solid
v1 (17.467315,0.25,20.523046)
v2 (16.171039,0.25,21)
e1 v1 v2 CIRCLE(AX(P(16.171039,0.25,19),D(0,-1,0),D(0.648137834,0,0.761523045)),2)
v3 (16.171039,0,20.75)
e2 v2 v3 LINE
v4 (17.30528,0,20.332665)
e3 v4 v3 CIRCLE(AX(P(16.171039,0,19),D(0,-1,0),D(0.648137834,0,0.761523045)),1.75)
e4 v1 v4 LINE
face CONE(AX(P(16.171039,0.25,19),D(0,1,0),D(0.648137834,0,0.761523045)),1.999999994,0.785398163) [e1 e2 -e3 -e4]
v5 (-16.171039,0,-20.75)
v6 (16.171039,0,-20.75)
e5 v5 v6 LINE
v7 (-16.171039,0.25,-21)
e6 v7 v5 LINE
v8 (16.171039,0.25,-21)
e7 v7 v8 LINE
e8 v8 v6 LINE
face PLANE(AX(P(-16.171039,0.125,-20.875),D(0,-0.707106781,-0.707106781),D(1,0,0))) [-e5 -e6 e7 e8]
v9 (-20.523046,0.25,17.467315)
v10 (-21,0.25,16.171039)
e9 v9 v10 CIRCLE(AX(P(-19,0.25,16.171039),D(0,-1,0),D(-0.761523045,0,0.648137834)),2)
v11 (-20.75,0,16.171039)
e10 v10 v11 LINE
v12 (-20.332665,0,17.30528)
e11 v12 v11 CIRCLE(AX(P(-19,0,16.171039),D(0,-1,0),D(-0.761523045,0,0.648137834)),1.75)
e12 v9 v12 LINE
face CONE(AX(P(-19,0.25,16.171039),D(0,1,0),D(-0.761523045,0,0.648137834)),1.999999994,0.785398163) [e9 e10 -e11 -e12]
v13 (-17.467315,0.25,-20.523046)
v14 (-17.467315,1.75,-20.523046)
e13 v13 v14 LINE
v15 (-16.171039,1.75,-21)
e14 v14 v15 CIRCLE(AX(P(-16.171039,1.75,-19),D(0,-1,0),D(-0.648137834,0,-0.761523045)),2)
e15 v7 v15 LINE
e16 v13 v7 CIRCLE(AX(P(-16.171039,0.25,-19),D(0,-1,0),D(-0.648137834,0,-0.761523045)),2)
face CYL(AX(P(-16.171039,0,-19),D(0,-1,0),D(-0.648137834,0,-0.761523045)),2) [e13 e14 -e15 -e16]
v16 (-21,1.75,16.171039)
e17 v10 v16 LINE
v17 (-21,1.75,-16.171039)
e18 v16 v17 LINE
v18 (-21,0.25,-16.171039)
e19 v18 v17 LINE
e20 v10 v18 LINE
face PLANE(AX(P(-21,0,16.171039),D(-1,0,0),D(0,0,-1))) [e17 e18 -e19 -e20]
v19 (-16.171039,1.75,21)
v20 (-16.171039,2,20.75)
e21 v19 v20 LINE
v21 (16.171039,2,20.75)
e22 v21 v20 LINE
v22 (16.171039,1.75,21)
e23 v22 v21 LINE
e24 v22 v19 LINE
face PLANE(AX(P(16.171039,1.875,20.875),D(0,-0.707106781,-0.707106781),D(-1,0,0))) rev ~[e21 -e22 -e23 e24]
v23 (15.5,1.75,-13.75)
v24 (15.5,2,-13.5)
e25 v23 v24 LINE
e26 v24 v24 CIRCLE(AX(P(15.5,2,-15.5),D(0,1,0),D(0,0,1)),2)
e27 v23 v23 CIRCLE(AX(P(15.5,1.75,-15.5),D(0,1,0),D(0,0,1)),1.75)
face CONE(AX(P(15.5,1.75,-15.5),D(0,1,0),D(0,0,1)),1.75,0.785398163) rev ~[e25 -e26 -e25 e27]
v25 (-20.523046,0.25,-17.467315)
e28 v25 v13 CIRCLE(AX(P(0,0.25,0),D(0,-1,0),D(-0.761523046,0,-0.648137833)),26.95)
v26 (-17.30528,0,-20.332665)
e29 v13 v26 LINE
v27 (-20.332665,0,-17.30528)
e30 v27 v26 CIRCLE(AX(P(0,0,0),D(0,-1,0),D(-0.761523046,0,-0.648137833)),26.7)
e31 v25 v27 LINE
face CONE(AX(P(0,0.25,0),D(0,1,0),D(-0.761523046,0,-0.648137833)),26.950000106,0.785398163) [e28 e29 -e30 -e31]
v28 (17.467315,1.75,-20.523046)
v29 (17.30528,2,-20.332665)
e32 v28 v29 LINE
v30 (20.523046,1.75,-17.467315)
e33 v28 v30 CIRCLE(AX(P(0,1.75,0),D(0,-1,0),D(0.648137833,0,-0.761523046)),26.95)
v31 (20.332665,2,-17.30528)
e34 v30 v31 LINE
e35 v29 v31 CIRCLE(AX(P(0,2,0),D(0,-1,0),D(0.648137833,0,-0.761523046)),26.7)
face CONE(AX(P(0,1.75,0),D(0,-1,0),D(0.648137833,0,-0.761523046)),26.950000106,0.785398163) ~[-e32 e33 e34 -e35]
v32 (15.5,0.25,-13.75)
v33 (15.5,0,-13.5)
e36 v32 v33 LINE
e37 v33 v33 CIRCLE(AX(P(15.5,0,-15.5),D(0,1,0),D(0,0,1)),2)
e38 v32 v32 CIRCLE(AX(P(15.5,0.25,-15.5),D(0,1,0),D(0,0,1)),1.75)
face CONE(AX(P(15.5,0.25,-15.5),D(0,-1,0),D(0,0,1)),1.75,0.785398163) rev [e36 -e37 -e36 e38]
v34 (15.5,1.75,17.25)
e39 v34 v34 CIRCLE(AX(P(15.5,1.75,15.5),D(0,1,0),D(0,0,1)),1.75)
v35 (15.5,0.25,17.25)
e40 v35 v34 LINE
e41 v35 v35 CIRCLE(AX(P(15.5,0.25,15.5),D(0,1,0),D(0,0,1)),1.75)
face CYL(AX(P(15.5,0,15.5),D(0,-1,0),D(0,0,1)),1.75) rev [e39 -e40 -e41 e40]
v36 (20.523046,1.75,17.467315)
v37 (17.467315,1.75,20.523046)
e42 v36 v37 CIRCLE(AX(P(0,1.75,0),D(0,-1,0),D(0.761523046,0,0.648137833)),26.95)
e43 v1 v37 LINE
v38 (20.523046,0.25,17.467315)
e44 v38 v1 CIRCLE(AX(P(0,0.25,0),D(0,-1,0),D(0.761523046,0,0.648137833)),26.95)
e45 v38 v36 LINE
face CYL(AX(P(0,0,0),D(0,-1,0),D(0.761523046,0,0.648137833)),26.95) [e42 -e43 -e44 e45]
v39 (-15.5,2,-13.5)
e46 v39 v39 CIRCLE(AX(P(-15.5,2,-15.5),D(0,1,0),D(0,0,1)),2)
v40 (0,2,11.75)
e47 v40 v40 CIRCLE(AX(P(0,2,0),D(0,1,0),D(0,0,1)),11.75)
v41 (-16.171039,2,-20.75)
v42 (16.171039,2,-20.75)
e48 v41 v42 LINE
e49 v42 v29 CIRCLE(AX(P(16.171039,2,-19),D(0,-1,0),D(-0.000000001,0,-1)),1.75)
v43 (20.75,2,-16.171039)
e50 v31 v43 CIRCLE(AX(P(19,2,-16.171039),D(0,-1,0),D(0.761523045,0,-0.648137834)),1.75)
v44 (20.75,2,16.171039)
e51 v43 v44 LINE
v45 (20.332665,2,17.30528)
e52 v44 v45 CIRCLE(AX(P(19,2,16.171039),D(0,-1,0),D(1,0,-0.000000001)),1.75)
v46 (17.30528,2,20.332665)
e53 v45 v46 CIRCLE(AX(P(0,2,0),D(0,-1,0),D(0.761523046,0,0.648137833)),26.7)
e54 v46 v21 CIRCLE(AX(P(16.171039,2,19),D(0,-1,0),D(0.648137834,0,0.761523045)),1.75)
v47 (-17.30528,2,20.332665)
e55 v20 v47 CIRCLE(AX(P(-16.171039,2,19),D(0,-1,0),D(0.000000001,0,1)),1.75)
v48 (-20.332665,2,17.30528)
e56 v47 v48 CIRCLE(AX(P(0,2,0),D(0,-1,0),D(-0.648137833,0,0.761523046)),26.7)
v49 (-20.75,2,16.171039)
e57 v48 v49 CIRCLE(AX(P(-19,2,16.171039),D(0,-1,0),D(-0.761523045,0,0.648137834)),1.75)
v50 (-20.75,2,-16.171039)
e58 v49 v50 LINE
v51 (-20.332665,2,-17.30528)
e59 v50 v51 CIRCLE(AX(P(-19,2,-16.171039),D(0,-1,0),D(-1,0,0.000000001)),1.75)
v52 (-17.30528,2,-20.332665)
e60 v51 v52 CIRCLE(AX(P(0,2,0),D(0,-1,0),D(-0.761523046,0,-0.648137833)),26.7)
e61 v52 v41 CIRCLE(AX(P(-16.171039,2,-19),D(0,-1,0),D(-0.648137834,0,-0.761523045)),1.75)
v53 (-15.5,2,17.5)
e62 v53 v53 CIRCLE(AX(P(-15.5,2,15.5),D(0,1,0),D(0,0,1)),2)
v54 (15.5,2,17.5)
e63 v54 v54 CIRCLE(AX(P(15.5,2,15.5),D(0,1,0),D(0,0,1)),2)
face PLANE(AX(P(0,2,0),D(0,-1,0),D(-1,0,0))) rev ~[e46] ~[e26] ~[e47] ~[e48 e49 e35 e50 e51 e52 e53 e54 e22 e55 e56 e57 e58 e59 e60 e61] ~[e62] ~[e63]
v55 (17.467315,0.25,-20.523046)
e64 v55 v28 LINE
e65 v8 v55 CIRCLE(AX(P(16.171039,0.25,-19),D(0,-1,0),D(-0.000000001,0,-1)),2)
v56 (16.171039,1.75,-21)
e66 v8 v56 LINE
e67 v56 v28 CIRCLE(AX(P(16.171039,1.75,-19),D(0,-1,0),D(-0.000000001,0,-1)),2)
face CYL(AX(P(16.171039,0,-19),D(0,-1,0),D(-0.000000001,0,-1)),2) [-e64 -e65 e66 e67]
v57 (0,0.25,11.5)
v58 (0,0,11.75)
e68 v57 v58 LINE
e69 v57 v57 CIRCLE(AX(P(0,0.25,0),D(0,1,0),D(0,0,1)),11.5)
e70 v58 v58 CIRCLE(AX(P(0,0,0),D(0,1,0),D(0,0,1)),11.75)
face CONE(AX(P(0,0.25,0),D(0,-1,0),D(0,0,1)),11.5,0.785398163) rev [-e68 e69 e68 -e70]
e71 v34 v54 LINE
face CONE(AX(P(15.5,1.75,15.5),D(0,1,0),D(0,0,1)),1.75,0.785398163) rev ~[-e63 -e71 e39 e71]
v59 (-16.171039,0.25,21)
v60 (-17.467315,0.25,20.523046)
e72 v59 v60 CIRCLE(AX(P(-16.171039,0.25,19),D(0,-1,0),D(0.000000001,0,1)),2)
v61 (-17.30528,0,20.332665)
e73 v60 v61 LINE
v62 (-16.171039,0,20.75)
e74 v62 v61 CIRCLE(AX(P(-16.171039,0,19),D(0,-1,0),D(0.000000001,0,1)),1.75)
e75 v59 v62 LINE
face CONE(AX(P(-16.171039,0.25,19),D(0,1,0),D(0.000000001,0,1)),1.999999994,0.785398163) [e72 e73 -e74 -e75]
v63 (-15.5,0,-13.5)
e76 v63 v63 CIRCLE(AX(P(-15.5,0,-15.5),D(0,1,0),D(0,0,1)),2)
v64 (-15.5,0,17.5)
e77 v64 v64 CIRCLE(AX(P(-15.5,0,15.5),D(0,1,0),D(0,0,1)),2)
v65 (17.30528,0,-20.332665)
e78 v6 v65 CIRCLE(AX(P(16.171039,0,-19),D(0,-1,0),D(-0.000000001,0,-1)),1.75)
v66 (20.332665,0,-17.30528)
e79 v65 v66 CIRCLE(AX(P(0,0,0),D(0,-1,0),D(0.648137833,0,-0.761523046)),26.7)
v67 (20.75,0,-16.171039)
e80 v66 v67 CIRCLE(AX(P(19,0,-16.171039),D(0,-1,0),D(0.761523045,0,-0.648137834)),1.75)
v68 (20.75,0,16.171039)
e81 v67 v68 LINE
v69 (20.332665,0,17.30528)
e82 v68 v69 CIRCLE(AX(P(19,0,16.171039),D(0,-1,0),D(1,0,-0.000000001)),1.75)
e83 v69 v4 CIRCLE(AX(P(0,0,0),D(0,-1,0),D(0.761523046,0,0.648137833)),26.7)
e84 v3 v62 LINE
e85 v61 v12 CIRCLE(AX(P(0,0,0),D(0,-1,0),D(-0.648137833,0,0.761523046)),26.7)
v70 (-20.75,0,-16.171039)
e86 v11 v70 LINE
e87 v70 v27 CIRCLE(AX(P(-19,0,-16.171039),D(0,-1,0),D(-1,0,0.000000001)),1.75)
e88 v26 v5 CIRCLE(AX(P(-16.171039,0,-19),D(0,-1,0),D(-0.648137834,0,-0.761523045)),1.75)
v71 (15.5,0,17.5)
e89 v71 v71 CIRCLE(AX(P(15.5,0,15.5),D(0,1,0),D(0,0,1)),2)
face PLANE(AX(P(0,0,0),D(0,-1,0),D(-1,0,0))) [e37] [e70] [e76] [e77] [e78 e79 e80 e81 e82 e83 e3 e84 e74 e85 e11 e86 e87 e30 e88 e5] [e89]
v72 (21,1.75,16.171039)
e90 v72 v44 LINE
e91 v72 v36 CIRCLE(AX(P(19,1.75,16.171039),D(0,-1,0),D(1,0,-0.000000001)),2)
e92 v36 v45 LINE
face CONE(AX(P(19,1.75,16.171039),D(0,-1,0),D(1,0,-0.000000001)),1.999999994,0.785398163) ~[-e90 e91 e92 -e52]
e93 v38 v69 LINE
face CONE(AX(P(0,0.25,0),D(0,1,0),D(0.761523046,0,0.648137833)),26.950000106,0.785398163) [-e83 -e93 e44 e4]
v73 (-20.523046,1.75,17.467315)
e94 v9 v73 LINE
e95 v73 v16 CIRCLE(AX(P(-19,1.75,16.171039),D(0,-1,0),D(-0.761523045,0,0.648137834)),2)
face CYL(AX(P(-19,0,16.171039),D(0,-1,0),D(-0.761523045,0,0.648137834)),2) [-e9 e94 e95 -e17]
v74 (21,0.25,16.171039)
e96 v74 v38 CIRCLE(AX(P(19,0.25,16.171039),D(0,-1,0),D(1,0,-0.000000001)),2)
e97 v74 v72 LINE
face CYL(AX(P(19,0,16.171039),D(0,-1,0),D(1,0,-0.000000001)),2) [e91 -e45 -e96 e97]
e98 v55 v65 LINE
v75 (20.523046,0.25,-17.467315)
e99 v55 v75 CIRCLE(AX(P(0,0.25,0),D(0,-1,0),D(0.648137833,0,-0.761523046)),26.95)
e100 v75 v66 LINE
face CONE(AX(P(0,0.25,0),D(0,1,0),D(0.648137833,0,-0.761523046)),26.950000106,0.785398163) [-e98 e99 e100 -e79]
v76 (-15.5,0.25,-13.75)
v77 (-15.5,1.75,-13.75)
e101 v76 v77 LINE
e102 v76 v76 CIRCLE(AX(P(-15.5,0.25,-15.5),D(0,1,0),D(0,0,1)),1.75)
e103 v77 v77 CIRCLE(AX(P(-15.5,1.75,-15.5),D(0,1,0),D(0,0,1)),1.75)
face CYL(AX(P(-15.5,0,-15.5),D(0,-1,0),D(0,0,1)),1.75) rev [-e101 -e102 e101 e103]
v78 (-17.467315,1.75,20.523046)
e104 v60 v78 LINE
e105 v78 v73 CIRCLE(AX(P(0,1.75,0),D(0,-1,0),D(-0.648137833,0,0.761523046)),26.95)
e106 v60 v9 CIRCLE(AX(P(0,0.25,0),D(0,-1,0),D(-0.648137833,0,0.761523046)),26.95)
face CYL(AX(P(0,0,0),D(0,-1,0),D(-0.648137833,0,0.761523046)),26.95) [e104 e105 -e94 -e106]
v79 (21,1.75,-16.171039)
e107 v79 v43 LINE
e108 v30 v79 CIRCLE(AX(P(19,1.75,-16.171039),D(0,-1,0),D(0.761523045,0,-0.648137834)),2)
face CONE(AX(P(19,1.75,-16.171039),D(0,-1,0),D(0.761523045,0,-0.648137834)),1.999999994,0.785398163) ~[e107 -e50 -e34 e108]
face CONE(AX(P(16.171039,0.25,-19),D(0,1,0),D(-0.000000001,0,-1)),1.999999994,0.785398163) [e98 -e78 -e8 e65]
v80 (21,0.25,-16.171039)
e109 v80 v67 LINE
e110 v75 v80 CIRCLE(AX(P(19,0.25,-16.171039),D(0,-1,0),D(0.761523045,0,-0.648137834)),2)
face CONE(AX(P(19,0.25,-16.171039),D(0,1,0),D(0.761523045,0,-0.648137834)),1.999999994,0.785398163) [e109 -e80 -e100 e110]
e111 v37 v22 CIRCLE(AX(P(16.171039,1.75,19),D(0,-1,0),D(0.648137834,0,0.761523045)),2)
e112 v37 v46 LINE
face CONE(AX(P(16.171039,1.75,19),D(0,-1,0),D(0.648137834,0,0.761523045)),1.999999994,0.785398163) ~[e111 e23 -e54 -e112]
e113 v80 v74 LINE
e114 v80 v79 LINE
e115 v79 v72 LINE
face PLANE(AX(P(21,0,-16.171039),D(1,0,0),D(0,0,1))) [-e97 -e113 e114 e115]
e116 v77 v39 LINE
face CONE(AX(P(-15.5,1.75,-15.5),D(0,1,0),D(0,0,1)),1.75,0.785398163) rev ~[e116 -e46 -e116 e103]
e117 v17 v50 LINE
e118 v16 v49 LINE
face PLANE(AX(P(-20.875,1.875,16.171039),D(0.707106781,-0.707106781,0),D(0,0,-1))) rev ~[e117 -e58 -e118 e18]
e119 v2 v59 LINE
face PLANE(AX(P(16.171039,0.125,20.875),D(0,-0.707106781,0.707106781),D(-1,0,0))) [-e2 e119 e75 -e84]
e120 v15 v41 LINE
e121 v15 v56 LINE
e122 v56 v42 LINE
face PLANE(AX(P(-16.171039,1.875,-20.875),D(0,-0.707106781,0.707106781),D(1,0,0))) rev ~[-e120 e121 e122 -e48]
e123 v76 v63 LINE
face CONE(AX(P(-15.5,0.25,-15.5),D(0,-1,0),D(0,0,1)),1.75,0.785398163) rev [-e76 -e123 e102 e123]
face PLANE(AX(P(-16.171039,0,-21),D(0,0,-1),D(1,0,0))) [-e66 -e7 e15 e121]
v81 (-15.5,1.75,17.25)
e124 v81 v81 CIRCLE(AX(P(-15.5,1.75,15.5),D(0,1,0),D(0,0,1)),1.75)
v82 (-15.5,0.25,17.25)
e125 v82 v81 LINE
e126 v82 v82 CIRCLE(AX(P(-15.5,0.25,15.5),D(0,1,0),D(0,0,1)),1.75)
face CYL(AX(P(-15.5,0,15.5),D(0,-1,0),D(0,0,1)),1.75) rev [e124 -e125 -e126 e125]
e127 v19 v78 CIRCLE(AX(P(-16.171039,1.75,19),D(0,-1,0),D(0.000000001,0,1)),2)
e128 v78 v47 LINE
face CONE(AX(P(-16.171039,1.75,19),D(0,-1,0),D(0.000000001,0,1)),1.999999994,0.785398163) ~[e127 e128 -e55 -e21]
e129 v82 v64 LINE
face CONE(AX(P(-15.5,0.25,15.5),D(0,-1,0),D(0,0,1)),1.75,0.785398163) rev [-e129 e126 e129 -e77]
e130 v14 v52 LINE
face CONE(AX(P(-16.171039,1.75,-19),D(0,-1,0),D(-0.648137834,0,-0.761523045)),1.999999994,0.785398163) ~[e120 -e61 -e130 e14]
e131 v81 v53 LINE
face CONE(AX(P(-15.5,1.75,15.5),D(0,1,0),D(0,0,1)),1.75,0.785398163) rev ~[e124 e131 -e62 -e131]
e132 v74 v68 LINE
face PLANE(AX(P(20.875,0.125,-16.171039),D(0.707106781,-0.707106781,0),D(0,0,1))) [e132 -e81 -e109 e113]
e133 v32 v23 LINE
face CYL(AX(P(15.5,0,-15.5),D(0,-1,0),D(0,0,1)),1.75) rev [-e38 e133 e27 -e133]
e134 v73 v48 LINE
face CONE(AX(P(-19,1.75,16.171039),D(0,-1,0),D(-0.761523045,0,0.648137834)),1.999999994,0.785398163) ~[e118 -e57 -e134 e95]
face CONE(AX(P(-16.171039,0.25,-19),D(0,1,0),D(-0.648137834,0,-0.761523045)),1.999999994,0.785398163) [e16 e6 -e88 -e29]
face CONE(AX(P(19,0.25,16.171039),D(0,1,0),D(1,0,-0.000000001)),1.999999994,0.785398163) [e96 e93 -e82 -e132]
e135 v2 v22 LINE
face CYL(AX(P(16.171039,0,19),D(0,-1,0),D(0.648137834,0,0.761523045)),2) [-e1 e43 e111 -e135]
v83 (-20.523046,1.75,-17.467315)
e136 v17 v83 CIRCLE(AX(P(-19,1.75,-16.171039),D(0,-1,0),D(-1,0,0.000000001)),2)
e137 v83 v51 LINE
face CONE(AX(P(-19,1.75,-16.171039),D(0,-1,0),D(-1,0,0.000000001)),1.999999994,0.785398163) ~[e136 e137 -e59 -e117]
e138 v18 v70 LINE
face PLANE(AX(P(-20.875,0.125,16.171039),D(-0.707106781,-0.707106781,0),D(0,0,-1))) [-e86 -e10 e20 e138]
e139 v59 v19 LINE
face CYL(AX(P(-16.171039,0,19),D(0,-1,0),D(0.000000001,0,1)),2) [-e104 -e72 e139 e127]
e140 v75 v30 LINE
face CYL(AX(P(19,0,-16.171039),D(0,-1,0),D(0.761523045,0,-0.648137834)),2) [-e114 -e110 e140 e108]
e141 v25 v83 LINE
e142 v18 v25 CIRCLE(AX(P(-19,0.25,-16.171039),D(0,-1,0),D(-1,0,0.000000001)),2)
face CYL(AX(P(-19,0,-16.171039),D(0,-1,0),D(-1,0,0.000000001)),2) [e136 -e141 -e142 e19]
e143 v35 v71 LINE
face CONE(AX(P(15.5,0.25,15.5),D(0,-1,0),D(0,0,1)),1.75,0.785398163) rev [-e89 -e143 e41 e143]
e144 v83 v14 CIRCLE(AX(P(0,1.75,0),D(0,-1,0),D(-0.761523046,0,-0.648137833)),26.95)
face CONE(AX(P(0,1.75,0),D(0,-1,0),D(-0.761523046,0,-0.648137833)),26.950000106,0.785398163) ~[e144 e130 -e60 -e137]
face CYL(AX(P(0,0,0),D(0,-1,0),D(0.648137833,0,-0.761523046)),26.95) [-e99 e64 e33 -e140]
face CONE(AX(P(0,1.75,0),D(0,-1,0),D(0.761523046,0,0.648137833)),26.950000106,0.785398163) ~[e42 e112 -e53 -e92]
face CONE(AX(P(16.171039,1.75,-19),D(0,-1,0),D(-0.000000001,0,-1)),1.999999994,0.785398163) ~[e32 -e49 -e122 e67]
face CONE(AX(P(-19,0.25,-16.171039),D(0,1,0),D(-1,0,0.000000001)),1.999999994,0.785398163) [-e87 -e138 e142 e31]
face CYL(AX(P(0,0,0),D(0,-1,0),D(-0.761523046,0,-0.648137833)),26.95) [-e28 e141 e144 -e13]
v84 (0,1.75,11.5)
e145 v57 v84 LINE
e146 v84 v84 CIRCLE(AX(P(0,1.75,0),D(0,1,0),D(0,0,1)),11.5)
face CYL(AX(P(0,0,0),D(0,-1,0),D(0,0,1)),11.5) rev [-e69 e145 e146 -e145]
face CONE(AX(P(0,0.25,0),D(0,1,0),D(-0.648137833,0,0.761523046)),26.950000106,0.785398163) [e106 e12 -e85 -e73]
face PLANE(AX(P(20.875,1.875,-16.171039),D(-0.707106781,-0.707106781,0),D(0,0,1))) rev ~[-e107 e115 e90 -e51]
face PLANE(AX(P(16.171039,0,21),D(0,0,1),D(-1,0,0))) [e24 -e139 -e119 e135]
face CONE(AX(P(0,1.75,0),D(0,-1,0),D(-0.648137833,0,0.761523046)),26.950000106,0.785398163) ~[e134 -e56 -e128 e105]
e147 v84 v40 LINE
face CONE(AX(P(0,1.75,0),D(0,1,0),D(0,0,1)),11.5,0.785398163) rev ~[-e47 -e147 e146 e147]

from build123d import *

# Parameters (mm, degrees)
SKETCH1_R           = 11.5
SKETCH1_R_2         = 1.75
BOSS_EXTRUDE1_DEPTH = 2
CHAMFER1_SIZE       = 0.25


with BuildPart() as part:
    # Sketch1 → Boss-Extrude1 (new body)
    with BuildSketch(Plane(origin=(0, 0, 0), x_dir=(1, 0, 0), z_dir=(0, 1, 0))):
        with BuildLine():
            Line((16.171038928, -21), (-16.171038928, -21))
            ThreePointArc((-16.171038928, -21), (-16.861657425, -20.876977915), (-17.467314594, -20.523046092))
            ThreePointArc((-17.467314594, -20.523046092), (-19.056527753, -19.056527753), (-20.523046092, -17.467314594))
            ThreePointArc((-20.523046092, -17.467314594), (-20.876977915, -16.861657425), (-21, -16.171038928))
            Line((-21, -16.171038928), (-21, 16.171038928))
            ThreePointArc((-21, 16.171038928), (-20.876977915, 16.861657425), (-20.523046092, 17.467314594))
            ThreePointArc((-20.523046092, 17.467314594), (-19.056527753, 19.056527753), (-17.467314594, 20.523046092))
            ThreePointArc((-17.467314594, 20.523046092), (-16.861657425, 20.876977915), (-16.171038928, 21))
            Line((-16.171038928, 21), (16.171038928, 21))
            ThreePointArc((16.171038928, 21), (16.861657425, 20.876977915), (17.467314594, 20.523046092))
            ThreePointArc((17.467314594, 20.523046092), (19.056527753, 19.056527753), (20.523046092, 17.467314594))
            ThreePointArc((20.523046092, 17.467314594), (20.876977915, 16.861657425), (21, 16.171038928))
            Line((21, 16.171038928), (21, -16.171038928))
            ThreePointArc((21, -16.171038928), (20.876977915, -16.861657425), (20.523046092, -17.467314594))
            ThreePointArc((20.523046092, -17.467314594), (19.056527753, -19.056527753), (17.467314594, -20.523046092))
            ThreePointArc((17.467314594, -20.523046092), (16.861657425, -20.876977915), (16.171038928, -21))
        make_face()
        with Locations(Location((0, 0, 0), (0, 0, 270))):
            Circle(SKETCH1_R, mode=Mode.SUBTRACT)
        with Locations(Location((15.5, -15.5, 0), (0, 0, 270))):
            Circle(SKETCH1_R_2, mode=Mode.SUBTRACT)
        with Locations(Location((15.5, 15.5, 0), (0, 0, 270))):
            Circle(SKETCH1_R_2, mode=Mode.SUBTRACT)
        with Locations(Location((-15.5, 15.5, 0), (0, 0, 270))):
            Circle(SKETCH1_R_2, mode=Mode.SUBTRACT)
        with Locations(Location((-15.5, -15.5, 0), (0, 0, 270))):
            Circle(SKETCH1_R_2, mode=Mode.SUBTRACT)
    extrude(amount=BOSS_EXTRUDE1_DEPTH)

    # Chamfer1
    chamfer1_edges = [part.edges().sort_by_distance(p)[0] for p in [
        (20.876977915, 2, 16.861657425),
        (21, 2, 0),
        (0, 0, 21),
        (-16.861657425, 0, 20.876977915),
        (-19.056527753, 0, 19.056527753),
        (-20.876977915, 0, 16.861657425),
        (-21, 0, 0),
        (20.876977915, 2, -16.861657425),
        (-20.876977915, 0, -16.861657425),
        (-19.056527753, 0, -19.056527753),
        (-16.861657425, 0, -20.876977915),
        (0, 0, -21),
        (16.861657425, 0, -20.876977915),
        (19.056527753, 0, -19.056527753),
        (20.876977915, 0, -16.861657425),
        (21, 0, 0),
        (19.056527753, 2, -19.056527753),
        (20.876977915, 0, 16.861657425),
        (19.056527753, 0, 19.056527753),
        (16.861657425, 0, 20.876977915),
        (16.861657425, 2, -20.876977915),
        (0, 2, -21),
        (-16.861657425, 2, -20.876977915),
        (-19.056527753, 2, -19.056527753),
        (-20.876977915, 2, -16.861657425),
        (-21, 2, 0),
        (0, 0, -11.5),
        (0, 2, -11.5),
        (16.861657425, 2, 20.876977915),
        (-20.876977915, 2, 16.861657425),
        (15.5, 0, 13.75),
        (15.5, 2, 13.75),
        (-19.056527753, 2, 19.056527753),
        (-16.861657425, 2, 20.876977915),
        (15.5, 0, -17.25),
        (15.5, 2, -17.25),
        (0, 2, 21),
        (-15.5, 0, -17.25),
        (-15.5, 2, -17.25),
        (-15.5, 0, 13.75),
        (-15.5, 2, 13.75),
        (19.056527753, 2, 19.056527753),
    ]]
    chamfer(chamfer1_edges, length=CHAMFER1_SIZE)


solid = part.part
